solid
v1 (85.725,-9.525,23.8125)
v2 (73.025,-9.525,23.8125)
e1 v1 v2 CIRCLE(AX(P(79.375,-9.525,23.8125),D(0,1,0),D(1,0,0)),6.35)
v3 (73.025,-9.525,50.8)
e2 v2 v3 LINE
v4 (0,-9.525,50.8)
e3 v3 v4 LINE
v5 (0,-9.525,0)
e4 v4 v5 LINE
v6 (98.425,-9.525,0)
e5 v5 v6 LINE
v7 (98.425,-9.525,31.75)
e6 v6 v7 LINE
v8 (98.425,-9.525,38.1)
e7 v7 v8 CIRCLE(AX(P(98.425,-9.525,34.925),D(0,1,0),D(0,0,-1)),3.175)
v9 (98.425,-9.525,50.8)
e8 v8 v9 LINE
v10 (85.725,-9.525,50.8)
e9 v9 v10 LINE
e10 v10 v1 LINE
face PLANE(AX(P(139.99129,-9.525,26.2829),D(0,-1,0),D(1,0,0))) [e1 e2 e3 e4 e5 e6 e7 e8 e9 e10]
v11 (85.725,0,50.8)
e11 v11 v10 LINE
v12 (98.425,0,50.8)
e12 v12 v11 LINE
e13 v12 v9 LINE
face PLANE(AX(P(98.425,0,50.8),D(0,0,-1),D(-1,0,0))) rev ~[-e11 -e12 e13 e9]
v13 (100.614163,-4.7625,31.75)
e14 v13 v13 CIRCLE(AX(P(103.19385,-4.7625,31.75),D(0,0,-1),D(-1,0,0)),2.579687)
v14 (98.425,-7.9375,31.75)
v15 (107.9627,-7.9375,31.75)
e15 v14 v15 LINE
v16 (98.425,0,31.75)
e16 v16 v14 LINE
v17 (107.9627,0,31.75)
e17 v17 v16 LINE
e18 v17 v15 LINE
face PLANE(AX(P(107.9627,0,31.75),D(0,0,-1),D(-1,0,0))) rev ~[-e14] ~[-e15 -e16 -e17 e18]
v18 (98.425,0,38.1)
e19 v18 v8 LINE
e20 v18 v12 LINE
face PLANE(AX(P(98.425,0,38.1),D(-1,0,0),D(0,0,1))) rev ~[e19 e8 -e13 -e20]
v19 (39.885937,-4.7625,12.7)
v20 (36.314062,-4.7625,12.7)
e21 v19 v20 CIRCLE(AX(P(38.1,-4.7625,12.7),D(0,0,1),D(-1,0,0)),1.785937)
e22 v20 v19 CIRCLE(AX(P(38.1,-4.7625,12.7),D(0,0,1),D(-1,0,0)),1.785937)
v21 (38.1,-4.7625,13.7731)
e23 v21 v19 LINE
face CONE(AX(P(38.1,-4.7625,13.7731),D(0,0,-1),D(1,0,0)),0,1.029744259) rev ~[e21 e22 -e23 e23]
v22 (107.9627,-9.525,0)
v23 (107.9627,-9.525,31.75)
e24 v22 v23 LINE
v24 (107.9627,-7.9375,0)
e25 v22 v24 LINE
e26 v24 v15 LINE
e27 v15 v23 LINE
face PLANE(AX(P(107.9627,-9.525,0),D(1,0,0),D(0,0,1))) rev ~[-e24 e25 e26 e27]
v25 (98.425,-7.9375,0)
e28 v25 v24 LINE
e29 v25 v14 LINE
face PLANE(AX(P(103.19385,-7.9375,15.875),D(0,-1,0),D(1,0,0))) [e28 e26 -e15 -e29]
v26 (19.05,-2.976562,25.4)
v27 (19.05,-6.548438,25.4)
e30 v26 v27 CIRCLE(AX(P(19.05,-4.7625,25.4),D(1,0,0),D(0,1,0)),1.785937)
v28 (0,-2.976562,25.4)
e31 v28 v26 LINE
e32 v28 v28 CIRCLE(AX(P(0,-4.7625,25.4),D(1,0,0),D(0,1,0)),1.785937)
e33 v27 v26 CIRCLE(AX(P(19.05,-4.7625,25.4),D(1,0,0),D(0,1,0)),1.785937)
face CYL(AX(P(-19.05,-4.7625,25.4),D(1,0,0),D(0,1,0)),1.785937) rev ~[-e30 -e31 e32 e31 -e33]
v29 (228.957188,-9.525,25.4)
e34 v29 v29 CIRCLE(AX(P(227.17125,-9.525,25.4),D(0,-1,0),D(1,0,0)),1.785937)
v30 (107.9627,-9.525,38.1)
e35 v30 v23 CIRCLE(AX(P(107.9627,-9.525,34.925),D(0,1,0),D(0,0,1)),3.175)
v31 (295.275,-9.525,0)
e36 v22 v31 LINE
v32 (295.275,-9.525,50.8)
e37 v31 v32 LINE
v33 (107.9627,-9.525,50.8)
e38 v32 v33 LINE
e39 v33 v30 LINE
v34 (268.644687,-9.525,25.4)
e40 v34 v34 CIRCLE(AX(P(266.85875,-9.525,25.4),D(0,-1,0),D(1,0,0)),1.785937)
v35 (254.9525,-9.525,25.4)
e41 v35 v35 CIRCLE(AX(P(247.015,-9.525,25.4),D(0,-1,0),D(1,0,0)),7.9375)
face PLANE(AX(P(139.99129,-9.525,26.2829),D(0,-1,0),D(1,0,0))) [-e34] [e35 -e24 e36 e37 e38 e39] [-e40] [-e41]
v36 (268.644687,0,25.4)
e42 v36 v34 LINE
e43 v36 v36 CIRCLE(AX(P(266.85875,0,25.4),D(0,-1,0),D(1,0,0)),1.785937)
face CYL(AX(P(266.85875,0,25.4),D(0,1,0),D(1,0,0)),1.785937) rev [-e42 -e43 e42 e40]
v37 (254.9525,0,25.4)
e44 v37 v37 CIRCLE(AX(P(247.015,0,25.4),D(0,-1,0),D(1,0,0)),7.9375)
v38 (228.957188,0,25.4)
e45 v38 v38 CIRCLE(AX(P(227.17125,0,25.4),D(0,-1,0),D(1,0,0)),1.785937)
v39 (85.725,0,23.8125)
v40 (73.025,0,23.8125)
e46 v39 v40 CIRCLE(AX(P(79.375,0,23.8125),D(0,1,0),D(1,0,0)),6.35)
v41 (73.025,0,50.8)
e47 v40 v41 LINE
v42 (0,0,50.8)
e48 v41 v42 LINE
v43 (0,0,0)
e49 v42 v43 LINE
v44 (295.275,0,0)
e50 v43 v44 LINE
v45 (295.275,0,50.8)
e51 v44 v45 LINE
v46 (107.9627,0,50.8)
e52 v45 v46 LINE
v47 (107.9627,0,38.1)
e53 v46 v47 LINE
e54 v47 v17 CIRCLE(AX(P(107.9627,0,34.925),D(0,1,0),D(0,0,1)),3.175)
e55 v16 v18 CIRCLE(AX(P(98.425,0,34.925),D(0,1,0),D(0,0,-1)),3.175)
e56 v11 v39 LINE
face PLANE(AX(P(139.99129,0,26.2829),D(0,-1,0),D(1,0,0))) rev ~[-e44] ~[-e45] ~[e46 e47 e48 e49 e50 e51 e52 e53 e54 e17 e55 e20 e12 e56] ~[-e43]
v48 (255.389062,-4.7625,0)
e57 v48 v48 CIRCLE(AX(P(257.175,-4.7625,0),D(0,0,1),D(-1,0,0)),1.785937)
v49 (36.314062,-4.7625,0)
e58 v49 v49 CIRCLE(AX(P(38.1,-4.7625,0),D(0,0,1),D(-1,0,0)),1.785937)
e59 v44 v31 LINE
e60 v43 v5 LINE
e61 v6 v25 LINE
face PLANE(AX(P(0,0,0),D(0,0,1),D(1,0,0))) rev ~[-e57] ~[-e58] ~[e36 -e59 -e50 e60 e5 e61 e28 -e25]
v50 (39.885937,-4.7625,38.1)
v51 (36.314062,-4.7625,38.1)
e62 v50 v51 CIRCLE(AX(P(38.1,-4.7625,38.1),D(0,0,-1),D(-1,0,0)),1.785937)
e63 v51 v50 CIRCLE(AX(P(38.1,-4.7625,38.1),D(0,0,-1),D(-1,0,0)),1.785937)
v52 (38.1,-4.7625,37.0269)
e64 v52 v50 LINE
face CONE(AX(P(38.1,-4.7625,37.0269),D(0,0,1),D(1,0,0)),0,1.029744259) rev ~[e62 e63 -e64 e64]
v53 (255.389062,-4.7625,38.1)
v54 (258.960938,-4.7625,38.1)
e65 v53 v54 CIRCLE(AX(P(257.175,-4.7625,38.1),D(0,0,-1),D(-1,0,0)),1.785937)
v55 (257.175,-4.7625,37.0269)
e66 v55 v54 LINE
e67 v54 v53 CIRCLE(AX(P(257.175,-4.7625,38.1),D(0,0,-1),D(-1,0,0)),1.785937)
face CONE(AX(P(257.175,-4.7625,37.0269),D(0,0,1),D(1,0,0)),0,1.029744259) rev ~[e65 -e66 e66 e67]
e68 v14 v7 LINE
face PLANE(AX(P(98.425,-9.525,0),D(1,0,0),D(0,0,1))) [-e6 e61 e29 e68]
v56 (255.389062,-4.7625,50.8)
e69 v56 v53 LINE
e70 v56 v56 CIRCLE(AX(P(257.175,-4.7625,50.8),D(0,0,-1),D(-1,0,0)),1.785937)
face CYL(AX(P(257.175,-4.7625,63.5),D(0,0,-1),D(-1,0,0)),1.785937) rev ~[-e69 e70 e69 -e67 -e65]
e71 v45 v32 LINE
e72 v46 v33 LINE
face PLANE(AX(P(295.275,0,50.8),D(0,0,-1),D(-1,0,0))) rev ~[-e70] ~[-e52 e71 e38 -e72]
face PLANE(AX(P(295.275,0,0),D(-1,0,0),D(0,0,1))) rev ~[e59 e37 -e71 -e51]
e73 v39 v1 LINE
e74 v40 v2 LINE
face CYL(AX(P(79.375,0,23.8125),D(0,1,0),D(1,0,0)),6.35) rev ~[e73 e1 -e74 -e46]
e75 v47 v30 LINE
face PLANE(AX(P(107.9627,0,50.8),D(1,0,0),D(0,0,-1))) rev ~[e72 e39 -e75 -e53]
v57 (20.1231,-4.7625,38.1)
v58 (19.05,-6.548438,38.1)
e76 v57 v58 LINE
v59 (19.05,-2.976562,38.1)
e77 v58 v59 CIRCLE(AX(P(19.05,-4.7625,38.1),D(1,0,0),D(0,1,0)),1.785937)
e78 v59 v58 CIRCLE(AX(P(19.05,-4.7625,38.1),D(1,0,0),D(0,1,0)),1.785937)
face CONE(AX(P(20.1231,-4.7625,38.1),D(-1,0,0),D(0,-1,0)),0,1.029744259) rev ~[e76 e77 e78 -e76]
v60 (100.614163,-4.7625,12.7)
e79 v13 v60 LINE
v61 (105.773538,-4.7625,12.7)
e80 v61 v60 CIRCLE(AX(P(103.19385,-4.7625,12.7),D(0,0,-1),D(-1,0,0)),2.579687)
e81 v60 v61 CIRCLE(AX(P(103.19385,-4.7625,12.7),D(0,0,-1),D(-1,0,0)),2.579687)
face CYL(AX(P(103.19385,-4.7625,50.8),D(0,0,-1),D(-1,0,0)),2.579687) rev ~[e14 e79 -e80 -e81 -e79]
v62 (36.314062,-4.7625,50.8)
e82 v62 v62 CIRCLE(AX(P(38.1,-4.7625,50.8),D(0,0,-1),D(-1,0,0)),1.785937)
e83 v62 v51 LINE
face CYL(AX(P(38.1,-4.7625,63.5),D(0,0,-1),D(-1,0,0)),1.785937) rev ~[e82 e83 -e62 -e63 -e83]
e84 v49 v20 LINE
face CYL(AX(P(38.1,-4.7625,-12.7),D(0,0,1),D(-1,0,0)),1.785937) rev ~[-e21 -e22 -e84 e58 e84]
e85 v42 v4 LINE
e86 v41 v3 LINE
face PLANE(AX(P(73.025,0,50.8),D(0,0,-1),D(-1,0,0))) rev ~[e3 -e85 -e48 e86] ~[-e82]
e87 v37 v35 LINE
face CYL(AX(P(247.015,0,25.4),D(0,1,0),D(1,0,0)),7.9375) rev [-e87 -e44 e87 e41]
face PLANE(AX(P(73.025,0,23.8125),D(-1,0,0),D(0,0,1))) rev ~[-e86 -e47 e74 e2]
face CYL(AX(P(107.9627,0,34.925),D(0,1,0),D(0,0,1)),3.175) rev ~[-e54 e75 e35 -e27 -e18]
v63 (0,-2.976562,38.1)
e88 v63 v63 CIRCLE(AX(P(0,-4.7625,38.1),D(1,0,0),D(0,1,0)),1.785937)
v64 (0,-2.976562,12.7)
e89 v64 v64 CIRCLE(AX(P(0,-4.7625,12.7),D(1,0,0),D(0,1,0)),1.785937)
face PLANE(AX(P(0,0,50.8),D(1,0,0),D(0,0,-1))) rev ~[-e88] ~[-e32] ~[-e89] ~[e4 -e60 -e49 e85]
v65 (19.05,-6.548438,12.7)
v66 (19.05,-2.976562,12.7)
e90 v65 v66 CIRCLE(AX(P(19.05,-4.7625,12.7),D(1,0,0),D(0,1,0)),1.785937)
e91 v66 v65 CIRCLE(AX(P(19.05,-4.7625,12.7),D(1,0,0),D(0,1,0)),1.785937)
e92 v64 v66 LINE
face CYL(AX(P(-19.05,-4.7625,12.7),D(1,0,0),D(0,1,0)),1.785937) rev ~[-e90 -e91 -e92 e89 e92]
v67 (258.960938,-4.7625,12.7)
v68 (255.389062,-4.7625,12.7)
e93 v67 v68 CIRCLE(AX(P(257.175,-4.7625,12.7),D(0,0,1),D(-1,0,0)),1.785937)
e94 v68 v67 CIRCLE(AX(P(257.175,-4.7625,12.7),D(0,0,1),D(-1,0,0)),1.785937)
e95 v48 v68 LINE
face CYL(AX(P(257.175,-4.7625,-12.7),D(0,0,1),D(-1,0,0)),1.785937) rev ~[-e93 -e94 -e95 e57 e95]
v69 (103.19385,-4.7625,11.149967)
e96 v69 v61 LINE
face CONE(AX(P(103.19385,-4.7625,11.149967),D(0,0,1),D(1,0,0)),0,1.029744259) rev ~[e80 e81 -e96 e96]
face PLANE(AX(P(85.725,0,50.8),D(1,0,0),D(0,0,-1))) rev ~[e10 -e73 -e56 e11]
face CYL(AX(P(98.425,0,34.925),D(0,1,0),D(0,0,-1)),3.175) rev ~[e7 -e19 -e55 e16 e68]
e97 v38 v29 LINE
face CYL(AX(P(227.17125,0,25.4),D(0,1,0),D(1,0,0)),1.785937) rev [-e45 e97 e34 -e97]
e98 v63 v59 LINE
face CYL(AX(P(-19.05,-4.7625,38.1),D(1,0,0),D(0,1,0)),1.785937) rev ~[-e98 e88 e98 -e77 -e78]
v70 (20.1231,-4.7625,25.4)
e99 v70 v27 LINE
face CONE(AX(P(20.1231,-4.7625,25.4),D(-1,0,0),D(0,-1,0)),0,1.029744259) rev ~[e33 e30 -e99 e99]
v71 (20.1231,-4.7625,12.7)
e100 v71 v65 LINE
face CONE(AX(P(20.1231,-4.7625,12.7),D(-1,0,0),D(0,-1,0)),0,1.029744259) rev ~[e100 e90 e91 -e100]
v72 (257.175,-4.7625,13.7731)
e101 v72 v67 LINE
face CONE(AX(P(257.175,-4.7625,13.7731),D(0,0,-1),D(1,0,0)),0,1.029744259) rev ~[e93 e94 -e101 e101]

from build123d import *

# Parameters (mm, degrees)
F0_R            = 1.7859375
F0_R_2          = 7.9375
F1_DEPTH        = 9.525
F2_W            = 9.5377
F2_H            = 31.75
F3_DEPTH        = 1.5875
F5_D            = 3.571875
F5_DEPTH        = 19.05
F5_TIP          = 1.0730995118
F7_D            = 5.159375
F7_DEPTH        = 19.05
F7_TIP          = 1.5500326281
F11_D           = 3.571875
F11_DEPTH       = 12.7
F11_TIP         = 1.0730995118
F11_ON_F8_D     = 3.571875
F11_ON_F8_DEPTH = 12.7
F11_ON_F8_TIP   = 1.0730995118
F11_ON_F9_D     = 3.571875
F11_ON_F9_DEPTH = 12.7
F11_ON_F9_TIP   = 1.0730995118


with BuildPart() as f1:
    # F0 (on Front) → F1 (new body)
    with BuildSketch(Plane.XZ):
        with BuildLine():
            Line((0, 50.8), (0, 0))
            Line((0, 0), (295.275, 0))
            Line((295.275, 0), (295.275, 50.8))
            Line((295.275, 50.8), (107.9627, 50.8))
            Line((107.9627, 50.8), (107.9627, 38.1))
            ThreePointArc((107.9627, 38.1), (111.1377, 34.925), (107.9627, 31.75))
            Line((107.9627, 31.75), (98.425, 31.75))
            ThreePointArc((98.425, 31.75), (95.25, 34.925), (98.425, 38.1))
            Line((98.425, 38.1), (98.425, 50.8))
            Line((98.425, 50.8), (85.725, 50.8))
            Line((85.725, 50.8), (85.725, 23.8125))
            ThreePointArc((85.725, 23.8125), (79.375, 17.4625), (73.025, 23.8125))
            Line((73.025, 23.8125), (73.025, 50.8))
            Line((73.025, 50.8), (0, 50.8))
        make_face()
        with Locations((227.17125, 25.4)):
            Circle(F0_R, mode=Mode.SUBTRACT)
        with Locations((247.015, 25.4)):
            Circle(F0_R_2, mode=Mode.SUBTRACT)
        with Locations((266.85875, 25.4)):
            Circle(F0_R, mode=Mode.SUBTRACT)
    extrude(amount=F1_DEPTH)

    # F2 (on face) → F3 (cut)
    with BuildSketch(Plane.XZ.offset(9.525)):
        with Locations((103.19385, 15.875)):
            Rectangle(F2_W, F2_H)
    extrude(amount=-F3_DEPTH, mode=Mode.SUBTRACT)

    # F5
    with Locations(Plane(origin=(0, 0, 0), x_dir=(0, -1, 0), z_dir=(-1, 0, 0))):
        with Locations((4.7625, 38.1), (4.7625, 25.4), (4.7625, 12.7)):
            Hole(F5_D / 2, depth=F5_DEPTH)
            with Locations((0, 0, -(F5_DEPTH + F5_TIP / 2))):  # 118° drill point
                Cone(0, F5_D / 2, F5_TIP, mode=Mode.SUBTRACT)

    # F7
    with Locations(Plane.XY.offset(31.75)):
        with Locations((103.19385, -4.7625)):
            Hole(F7_D / 2, depth=F7_DEPTH)
            with Locations((0, 0, -(F7_DEPTH + F7_TIP / 2))):  # 118° drill point
                Cone(0, F7_D / 2, F7_TIP, mode=Mode.SUBTRACT)

    # F11
    with Locations(Plane(origin=(0, 0, 0), x_dir=(1, 0, 0), z_dir=(0, 0, -1))):
        with Locations((38.1, 4.7625), (257.175, 4.7625)):
            Hole(F11_D / 2, depth=F11_DEPTH)
            with Locations((0, 0, -(F11_DEPTH + F11_TIP / 2))):  # 118° drill point
                Cone(0, F11_D / 2, F11_TIP, mode=Mode.SUBTRACT)

    # F11 on F8
    with Locations(Plane.XY.offset(50.8)):
        with Locations((38.1, -4.7625)):
            Hole(F11_ON_F8_D / 2, depth=F11_ON_F8_DEPTH)
            with Locations((0, 0, -(F11_ON_F8_DEPTH + F11_ON_F8_TIP / 2))):  # 118° drill point
                Cone(0, F11_ON_F8_D / 2, F11_ON_F8_TIP, mode=Mode.SUBTRACT)

    # F11 on F9
    with Locations(Plane.XY.offset(50.8)):
        with Locations((257.175, -4.7625)):
            Hole(F11_ON_F9_D / 2, depth=F11_ON_F9_DEPTH)
            with Locations((0, 0, -(F11_ON_F9_DEPTH + F11_ON_F9_TIP / 2))):  # 118° drill point
                Cone(0, F11_ON_F9_D / 2, F11_ON_F9_TIP, mode=Mode.SUBTRACT)


solid = f1.part
